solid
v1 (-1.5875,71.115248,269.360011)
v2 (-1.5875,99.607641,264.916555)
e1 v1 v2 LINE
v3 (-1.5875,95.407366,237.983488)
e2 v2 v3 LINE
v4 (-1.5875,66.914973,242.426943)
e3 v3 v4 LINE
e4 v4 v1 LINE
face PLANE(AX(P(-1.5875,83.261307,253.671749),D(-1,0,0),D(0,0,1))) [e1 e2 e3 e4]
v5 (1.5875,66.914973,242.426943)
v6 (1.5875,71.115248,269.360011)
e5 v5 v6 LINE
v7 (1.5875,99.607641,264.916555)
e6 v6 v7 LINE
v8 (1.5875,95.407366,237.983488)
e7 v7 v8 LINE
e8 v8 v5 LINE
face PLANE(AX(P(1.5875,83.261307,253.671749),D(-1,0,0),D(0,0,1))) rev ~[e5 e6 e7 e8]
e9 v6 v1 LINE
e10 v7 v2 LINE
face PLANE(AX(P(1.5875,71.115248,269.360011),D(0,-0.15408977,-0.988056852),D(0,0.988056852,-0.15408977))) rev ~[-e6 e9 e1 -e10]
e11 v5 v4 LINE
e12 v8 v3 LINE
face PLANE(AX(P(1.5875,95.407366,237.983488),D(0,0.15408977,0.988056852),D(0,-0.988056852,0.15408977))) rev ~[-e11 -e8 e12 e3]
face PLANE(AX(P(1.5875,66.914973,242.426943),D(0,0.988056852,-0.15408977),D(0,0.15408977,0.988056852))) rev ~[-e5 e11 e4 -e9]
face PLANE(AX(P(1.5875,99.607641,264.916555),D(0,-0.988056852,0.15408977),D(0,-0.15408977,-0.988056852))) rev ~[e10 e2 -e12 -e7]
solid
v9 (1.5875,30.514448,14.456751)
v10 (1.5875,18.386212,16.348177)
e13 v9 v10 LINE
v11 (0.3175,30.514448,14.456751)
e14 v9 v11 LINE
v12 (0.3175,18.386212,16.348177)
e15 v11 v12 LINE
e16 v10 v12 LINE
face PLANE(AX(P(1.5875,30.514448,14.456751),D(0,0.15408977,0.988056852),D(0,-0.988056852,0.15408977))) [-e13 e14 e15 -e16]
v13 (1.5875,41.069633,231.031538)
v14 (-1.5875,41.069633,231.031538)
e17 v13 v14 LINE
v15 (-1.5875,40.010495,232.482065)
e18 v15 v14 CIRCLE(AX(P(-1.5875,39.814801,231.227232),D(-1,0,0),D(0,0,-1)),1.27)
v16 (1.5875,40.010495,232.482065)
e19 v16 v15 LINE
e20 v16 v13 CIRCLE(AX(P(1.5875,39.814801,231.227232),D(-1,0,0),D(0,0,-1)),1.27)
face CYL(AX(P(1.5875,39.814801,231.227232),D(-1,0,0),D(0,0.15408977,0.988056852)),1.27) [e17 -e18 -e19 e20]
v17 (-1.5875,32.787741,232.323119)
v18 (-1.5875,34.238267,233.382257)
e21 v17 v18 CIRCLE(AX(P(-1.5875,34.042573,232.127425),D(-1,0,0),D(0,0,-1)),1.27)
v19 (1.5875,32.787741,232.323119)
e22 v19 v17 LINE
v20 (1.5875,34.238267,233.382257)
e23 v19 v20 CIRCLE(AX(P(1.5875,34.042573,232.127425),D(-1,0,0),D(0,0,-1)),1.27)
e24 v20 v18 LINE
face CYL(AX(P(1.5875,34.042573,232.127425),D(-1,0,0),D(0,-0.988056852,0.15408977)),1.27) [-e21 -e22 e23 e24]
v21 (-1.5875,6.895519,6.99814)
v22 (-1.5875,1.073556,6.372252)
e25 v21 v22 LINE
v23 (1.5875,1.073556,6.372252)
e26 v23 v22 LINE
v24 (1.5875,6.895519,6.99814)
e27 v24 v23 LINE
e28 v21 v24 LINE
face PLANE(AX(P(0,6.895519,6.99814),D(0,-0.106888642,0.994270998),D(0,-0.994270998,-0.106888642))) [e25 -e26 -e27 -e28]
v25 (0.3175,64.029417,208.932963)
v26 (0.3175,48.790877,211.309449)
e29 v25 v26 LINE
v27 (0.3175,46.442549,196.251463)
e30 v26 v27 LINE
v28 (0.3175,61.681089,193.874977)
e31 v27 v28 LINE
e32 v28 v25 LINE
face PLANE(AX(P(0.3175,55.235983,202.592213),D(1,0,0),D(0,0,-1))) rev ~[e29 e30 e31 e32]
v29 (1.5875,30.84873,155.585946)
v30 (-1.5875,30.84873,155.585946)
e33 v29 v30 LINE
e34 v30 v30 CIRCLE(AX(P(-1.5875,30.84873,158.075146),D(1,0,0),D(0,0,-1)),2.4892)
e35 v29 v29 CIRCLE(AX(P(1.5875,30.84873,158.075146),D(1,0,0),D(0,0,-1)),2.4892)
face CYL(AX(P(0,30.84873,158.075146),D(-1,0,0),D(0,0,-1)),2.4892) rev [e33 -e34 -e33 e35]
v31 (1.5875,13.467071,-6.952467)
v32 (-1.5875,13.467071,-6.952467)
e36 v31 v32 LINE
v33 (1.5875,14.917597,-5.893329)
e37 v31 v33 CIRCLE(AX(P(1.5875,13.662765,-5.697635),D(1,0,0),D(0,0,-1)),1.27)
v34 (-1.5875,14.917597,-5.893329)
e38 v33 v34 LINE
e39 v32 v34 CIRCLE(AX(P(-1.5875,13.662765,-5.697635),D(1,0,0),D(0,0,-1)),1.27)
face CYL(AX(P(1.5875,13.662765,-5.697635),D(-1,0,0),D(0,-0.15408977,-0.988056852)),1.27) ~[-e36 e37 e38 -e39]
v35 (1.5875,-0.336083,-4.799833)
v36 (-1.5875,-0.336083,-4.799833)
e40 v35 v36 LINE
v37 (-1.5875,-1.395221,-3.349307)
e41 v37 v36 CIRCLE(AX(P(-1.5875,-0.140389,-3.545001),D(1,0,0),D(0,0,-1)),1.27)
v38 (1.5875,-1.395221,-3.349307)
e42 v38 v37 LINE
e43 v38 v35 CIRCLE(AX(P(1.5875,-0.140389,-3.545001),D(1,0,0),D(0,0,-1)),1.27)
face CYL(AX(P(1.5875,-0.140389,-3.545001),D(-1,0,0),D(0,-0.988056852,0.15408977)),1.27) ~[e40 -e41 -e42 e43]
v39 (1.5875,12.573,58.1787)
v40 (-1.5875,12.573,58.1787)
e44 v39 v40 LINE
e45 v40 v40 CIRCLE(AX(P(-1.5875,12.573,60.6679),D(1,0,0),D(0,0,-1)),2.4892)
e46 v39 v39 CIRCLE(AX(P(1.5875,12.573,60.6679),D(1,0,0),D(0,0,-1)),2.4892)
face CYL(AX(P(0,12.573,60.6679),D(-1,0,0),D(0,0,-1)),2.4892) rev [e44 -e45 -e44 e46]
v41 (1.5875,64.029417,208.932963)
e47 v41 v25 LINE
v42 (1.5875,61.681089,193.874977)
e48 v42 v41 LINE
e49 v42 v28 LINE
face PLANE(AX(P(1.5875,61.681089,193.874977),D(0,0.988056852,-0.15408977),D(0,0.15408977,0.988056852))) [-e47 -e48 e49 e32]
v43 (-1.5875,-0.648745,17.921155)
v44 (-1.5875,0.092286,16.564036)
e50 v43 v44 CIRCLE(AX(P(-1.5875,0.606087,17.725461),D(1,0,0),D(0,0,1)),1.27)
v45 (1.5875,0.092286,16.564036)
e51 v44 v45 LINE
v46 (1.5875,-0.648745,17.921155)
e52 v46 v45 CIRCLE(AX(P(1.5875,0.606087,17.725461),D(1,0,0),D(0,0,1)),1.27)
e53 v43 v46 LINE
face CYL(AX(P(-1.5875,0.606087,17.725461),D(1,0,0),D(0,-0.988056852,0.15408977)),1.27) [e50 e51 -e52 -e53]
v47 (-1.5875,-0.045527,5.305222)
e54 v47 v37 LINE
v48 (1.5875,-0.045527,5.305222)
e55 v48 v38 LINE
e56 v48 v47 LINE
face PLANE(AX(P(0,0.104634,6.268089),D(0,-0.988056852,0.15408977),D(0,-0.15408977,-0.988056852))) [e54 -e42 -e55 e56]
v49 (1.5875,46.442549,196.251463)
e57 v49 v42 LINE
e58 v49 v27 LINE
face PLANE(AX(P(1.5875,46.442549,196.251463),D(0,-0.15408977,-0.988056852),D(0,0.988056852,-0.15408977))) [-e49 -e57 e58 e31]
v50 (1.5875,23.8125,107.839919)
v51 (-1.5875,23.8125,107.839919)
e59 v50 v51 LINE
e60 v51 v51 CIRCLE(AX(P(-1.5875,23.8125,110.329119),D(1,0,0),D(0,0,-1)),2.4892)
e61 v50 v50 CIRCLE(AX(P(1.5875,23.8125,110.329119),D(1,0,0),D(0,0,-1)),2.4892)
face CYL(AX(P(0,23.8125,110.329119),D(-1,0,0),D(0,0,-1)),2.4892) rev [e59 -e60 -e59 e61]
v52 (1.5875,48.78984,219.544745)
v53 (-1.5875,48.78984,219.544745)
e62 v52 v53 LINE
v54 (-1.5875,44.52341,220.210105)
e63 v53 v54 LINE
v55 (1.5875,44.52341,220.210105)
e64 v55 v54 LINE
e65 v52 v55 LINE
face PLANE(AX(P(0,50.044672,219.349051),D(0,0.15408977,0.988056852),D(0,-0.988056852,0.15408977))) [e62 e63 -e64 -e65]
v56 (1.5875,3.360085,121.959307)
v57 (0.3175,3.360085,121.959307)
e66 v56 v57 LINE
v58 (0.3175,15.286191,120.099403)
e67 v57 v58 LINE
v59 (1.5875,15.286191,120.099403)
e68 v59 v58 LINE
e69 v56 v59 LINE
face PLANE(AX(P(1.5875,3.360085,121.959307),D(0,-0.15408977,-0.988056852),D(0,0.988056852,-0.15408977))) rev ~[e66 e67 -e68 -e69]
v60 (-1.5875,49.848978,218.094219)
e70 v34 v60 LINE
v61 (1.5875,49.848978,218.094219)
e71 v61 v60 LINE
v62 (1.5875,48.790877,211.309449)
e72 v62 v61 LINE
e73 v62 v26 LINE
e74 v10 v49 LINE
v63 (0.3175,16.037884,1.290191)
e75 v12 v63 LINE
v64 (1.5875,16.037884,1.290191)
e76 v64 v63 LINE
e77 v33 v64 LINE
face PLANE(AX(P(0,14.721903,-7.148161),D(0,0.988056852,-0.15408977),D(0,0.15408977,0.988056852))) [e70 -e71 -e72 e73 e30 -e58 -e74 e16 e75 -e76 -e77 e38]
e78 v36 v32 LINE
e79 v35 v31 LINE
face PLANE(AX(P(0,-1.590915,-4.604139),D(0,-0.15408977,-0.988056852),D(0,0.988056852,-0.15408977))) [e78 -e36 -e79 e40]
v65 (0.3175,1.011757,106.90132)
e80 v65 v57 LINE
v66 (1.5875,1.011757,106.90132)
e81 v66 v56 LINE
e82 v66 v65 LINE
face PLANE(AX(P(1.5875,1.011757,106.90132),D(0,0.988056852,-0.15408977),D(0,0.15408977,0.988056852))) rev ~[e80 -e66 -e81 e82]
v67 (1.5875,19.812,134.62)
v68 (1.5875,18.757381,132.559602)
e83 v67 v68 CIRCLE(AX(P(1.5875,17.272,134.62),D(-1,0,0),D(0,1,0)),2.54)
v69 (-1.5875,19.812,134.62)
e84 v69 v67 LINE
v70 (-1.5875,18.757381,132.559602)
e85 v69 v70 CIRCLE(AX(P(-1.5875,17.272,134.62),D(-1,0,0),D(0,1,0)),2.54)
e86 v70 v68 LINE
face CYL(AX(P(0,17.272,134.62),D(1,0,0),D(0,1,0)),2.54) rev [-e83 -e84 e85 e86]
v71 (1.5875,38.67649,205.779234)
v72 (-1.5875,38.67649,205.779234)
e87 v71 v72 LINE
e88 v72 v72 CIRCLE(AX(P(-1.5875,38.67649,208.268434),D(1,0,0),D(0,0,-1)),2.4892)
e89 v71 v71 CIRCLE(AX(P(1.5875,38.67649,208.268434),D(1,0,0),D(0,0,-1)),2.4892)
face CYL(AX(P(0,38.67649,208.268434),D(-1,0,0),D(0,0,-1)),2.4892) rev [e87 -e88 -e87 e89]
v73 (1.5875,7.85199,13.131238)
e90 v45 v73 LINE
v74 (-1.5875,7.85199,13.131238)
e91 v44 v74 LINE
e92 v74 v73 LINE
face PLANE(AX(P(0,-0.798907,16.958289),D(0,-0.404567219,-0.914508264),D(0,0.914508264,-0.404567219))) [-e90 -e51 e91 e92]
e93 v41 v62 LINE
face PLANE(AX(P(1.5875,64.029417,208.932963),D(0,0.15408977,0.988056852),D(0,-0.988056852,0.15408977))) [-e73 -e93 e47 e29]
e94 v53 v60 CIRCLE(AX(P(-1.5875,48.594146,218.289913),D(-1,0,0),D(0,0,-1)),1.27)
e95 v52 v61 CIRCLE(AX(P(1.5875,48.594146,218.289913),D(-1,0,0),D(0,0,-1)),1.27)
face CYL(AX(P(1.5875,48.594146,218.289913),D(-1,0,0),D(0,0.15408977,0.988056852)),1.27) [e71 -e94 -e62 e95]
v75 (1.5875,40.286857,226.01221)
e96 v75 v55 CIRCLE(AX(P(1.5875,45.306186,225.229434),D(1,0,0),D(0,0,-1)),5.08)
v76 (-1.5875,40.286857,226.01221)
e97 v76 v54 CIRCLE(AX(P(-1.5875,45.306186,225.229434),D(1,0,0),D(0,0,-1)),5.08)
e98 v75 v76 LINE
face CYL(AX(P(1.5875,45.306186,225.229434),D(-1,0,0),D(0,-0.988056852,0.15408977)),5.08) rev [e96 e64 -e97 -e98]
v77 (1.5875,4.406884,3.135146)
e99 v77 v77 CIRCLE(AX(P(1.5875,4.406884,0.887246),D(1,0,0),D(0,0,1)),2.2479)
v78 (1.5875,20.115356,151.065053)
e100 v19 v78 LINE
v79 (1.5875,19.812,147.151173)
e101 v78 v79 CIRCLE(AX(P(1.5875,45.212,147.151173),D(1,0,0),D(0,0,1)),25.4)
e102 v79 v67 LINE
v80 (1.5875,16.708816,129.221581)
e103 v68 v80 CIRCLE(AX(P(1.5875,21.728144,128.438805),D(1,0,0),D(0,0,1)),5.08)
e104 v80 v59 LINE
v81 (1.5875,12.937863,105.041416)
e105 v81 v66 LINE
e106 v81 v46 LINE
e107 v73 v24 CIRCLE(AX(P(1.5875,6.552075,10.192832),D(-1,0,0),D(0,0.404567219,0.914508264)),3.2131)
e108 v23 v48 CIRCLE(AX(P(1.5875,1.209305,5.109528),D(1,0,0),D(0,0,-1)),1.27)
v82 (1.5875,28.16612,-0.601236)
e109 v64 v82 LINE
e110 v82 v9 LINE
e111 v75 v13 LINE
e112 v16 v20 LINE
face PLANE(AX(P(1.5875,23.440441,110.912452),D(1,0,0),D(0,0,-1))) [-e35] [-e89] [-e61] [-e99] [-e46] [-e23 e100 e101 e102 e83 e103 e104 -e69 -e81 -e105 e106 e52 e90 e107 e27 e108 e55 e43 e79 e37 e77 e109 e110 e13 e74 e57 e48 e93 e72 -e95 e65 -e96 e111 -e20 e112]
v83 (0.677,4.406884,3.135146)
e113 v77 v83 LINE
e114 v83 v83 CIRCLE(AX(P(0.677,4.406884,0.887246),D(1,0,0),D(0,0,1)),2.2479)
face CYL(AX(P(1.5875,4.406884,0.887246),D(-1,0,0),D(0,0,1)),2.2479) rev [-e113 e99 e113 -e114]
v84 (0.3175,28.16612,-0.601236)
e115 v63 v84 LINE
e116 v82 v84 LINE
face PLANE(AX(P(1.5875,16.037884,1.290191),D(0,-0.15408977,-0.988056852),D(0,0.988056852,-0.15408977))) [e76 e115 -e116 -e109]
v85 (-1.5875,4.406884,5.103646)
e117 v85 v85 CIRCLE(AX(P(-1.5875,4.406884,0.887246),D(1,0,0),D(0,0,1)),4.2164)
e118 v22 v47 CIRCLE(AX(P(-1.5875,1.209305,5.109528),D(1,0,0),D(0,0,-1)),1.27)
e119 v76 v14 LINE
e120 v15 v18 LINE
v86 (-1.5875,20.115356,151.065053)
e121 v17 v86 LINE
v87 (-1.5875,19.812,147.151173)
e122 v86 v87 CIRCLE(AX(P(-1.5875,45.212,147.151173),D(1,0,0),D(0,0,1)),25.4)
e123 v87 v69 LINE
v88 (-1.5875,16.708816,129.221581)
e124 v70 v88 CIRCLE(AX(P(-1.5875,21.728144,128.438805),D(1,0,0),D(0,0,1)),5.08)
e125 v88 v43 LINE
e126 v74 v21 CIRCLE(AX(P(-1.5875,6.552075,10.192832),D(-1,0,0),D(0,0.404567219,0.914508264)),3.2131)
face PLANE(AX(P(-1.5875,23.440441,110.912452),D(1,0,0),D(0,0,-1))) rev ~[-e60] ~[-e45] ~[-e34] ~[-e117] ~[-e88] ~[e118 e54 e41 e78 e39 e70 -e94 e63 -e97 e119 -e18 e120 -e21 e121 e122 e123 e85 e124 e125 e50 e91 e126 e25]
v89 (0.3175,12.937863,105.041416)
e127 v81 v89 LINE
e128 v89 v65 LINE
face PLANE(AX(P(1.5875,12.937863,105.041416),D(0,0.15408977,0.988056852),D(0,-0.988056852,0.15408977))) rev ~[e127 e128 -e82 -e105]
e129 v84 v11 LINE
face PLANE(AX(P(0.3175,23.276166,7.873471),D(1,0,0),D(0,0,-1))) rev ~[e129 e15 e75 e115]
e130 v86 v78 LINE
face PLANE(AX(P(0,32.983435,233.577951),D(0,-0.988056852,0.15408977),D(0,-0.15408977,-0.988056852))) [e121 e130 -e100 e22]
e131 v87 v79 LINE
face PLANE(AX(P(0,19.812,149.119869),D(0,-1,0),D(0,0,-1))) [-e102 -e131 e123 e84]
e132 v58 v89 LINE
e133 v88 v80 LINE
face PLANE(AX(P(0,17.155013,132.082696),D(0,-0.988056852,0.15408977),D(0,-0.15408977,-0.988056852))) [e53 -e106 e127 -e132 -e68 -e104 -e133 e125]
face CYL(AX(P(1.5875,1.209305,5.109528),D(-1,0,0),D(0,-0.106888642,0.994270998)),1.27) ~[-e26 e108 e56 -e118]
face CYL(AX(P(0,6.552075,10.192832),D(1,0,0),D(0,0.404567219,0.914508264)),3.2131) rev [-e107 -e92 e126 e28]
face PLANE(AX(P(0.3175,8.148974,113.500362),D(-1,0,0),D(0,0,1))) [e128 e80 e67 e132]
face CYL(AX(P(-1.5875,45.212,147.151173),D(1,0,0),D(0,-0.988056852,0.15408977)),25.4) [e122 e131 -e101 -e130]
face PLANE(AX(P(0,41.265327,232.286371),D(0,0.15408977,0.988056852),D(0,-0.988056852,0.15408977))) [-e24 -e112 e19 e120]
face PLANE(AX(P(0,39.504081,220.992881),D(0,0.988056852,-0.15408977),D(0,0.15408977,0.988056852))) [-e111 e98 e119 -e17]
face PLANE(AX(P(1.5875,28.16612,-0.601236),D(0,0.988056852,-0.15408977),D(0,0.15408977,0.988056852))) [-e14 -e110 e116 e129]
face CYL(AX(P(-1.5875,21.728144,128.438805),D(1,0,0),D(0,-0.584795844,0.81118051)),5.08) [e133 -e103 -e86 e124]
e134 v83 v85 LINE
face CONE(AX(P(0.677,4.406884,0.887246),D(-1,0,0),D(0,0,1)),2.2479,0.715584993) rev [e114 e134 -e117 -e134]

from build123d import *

# Parameters (mm, degrees)
SKETCH1_R           = 2.4892
BOSS_EXTRUDE1_DEPTH = 1.5875
FILLET1_R           = 5.08
FILLET2_R           = 25.4
FILLET3_R           = 5.08
FILLET4_R           = 1.27
BOSS_EXTRUDE2_DEPTH = 1.27
BOSS_EXTRUDE3_DEPTH = 3.175


with BuildPart() as part:
    # Sketch1 → Boss-Extrude1 (new, symmetric)
    with BuildSketch(Plane(origin=(0, 0, 0), x_dir=(0, 0, -1), z_dir=(1, 0, 0))):
        with BuildLine():
            Line((-233.577951119, 32.983434854), (-149.119868942, 19.812))
            Line((-149.119868942, 19.812), (-134.62, 19.812))
            ThreePointArc((-134.62, 19.812), (-132.783053242, 19.026202556), (-132.082695513, 17.155013077))
            Line((-132.082695513, 17.155013077), (-16.958288608, -0.798906627))
            Line((-16.958288608, -0.798906627), (-13.131238228, 7.851990013))
            ThreePointArc((-13.131238228, 7.851990013), (-9.697725885, 9.726800552), (-6.99813958, 6.895518978))
            Line((-6.99813958, 6.895518978), (-6.268088645, 0.104634039))
            Line((-6.268088645, 0.104634039), (4.604139182, -1.590915242))
            Line((4.604139182, -1.590915242), (7.148161285, 14.721903384))
            Line((7.148161285, 14.721903384), (-219.349051182, 50.044671814))
            Line((-219.349051182, 50.044671814), (-220.992880849, 39.504081317))
            Line((-220.992880849, 39.504081317), (-232.286370667, 41.265327388))
            Line((-232.286370667, 41.265327388), (-233.577951119, 32.983434854))
        make_face()
        with Locations((-110.329119322, 23.8125)):
            Circle(SKETCH1_R, mode=Mode.SUBTRACT)
        with Locations((-60.6679, 12.573)):
            Circle(SKETCH1_R, mode=Mode.SUBTRACT)
        with Locations((-208.268434221, 38.676490219)):
            Circle(SKETCH1_R, mode=Mode.SUBTRACT)
        with Locations((-158.07514614, 30.848729903)):
            Circle(SKETCH1_R, mode=Mode.SUBTRACT)
    extrude(amount=BOSS_EXTRUDE1_DEPTH, both=True)

    # Fillet1
    fillet1_edges = [part.edges().sort_by_distance(p)[0] for p in [
        (0, 39.504081317, 220.992880849),
    ]]
    fillet(fillet1_edges, radius=FILLET1_R)

    # Fillet2
    fillet2_edges = [part.edges().sort_by_distance(p)[0] for p in [
        (0, 19.812, 149.119868942),
    ]]
    fillet(fillet2_edges, radius=FILLET2_R)

    # Fillet3
    fillet3_edges = [part.edges().sort_by_distance(p)[0] for p in [
        (0, 17.155013077, 132.082695513),
    ]]
    fillet(fillet3_edges, radius=FILLET3_R)

    # Fillet4
    fillet4_edges = [part.edges().sort_by_distance(p)[0] for p in [
        (0, 41.265327388, 232.286370667),
        (0, 50.044671814, 219.349051182),
        (0, 14.721903384, -7.148161285),
        (0, -1.590915242, -4.604139182),
        (0, 0.104634039, 6.268088645),
        (0, -0.798906627, 16.958288608),
        (0, 32.983434854, 233.577951119),
    ]]
    fillet(fillet4_edges, radius=FILLET4_R)

    # Sketch3 → CSK for #8 Oval Head Machine Screw1 (revolve, cut)
    with BuildSketch(Plane(origin=(-1.5875, 4.406883606, 0.887245796), x_dir=(0, 0, 1), z_dir=(0, 1, 0))):
        Polygon((0, 0), (0, 3.175), (2.2479, 3.175), (2.2479, 2.26450021), (4.2164, 0), align=None)
    revolve(axis=Axis((-7.9375, 4.406883606, 0.887245796), (1, 0, 0)), mode=Mode.SUBTRACT)

    # Sketch5 → Boss-Extrude2 (add)
    with BuildSketch(Plane(origin=(1.5875, 0, 0), x_dir=(0, 0, -1), z_dir=(1, 0, 0))):
        Polygon((-211.309449187, 48.790877136), (-196.251462762, 46.442549041), (-193.874976982, 61.681088617), (-208.932963407, 64.029416712), align=None)
        Polygon((-16.348177372, 18.386212187), (-1.290190948, 16.037884092), (0.601235673, 28.166119681), (-14.456750751, 30.514447776), align=None)
        Polygon((-120.099402783, 15.286190633), (-105.041416359, 12.937862538), (-106.901320308, 1.01175712), (-121.959306732, 3.360085215), align=None)
    extrude(amount=-BOSS_EXTRUDE2_DEPTH)


with BuildPart() as body_2:
    # Sketch6 → Boss-Extrude3 (new body)
    with BuildSketch(Plane(origin=(1.5875, 0, 0), x_dir=(0, 0, -1), z_dir=(1, 0, 0))):
        Polygon((-237.983488244, 95.40736612), (-242.42694337, 66.914973125), (-269.360010559, 71.115247756), (-264.916555433, 99.60764075), align=None)
    extrude(amount=-BOSS_EXTRUDE3_DEPTH)


solid = Compound([part.part, body_2.part])
